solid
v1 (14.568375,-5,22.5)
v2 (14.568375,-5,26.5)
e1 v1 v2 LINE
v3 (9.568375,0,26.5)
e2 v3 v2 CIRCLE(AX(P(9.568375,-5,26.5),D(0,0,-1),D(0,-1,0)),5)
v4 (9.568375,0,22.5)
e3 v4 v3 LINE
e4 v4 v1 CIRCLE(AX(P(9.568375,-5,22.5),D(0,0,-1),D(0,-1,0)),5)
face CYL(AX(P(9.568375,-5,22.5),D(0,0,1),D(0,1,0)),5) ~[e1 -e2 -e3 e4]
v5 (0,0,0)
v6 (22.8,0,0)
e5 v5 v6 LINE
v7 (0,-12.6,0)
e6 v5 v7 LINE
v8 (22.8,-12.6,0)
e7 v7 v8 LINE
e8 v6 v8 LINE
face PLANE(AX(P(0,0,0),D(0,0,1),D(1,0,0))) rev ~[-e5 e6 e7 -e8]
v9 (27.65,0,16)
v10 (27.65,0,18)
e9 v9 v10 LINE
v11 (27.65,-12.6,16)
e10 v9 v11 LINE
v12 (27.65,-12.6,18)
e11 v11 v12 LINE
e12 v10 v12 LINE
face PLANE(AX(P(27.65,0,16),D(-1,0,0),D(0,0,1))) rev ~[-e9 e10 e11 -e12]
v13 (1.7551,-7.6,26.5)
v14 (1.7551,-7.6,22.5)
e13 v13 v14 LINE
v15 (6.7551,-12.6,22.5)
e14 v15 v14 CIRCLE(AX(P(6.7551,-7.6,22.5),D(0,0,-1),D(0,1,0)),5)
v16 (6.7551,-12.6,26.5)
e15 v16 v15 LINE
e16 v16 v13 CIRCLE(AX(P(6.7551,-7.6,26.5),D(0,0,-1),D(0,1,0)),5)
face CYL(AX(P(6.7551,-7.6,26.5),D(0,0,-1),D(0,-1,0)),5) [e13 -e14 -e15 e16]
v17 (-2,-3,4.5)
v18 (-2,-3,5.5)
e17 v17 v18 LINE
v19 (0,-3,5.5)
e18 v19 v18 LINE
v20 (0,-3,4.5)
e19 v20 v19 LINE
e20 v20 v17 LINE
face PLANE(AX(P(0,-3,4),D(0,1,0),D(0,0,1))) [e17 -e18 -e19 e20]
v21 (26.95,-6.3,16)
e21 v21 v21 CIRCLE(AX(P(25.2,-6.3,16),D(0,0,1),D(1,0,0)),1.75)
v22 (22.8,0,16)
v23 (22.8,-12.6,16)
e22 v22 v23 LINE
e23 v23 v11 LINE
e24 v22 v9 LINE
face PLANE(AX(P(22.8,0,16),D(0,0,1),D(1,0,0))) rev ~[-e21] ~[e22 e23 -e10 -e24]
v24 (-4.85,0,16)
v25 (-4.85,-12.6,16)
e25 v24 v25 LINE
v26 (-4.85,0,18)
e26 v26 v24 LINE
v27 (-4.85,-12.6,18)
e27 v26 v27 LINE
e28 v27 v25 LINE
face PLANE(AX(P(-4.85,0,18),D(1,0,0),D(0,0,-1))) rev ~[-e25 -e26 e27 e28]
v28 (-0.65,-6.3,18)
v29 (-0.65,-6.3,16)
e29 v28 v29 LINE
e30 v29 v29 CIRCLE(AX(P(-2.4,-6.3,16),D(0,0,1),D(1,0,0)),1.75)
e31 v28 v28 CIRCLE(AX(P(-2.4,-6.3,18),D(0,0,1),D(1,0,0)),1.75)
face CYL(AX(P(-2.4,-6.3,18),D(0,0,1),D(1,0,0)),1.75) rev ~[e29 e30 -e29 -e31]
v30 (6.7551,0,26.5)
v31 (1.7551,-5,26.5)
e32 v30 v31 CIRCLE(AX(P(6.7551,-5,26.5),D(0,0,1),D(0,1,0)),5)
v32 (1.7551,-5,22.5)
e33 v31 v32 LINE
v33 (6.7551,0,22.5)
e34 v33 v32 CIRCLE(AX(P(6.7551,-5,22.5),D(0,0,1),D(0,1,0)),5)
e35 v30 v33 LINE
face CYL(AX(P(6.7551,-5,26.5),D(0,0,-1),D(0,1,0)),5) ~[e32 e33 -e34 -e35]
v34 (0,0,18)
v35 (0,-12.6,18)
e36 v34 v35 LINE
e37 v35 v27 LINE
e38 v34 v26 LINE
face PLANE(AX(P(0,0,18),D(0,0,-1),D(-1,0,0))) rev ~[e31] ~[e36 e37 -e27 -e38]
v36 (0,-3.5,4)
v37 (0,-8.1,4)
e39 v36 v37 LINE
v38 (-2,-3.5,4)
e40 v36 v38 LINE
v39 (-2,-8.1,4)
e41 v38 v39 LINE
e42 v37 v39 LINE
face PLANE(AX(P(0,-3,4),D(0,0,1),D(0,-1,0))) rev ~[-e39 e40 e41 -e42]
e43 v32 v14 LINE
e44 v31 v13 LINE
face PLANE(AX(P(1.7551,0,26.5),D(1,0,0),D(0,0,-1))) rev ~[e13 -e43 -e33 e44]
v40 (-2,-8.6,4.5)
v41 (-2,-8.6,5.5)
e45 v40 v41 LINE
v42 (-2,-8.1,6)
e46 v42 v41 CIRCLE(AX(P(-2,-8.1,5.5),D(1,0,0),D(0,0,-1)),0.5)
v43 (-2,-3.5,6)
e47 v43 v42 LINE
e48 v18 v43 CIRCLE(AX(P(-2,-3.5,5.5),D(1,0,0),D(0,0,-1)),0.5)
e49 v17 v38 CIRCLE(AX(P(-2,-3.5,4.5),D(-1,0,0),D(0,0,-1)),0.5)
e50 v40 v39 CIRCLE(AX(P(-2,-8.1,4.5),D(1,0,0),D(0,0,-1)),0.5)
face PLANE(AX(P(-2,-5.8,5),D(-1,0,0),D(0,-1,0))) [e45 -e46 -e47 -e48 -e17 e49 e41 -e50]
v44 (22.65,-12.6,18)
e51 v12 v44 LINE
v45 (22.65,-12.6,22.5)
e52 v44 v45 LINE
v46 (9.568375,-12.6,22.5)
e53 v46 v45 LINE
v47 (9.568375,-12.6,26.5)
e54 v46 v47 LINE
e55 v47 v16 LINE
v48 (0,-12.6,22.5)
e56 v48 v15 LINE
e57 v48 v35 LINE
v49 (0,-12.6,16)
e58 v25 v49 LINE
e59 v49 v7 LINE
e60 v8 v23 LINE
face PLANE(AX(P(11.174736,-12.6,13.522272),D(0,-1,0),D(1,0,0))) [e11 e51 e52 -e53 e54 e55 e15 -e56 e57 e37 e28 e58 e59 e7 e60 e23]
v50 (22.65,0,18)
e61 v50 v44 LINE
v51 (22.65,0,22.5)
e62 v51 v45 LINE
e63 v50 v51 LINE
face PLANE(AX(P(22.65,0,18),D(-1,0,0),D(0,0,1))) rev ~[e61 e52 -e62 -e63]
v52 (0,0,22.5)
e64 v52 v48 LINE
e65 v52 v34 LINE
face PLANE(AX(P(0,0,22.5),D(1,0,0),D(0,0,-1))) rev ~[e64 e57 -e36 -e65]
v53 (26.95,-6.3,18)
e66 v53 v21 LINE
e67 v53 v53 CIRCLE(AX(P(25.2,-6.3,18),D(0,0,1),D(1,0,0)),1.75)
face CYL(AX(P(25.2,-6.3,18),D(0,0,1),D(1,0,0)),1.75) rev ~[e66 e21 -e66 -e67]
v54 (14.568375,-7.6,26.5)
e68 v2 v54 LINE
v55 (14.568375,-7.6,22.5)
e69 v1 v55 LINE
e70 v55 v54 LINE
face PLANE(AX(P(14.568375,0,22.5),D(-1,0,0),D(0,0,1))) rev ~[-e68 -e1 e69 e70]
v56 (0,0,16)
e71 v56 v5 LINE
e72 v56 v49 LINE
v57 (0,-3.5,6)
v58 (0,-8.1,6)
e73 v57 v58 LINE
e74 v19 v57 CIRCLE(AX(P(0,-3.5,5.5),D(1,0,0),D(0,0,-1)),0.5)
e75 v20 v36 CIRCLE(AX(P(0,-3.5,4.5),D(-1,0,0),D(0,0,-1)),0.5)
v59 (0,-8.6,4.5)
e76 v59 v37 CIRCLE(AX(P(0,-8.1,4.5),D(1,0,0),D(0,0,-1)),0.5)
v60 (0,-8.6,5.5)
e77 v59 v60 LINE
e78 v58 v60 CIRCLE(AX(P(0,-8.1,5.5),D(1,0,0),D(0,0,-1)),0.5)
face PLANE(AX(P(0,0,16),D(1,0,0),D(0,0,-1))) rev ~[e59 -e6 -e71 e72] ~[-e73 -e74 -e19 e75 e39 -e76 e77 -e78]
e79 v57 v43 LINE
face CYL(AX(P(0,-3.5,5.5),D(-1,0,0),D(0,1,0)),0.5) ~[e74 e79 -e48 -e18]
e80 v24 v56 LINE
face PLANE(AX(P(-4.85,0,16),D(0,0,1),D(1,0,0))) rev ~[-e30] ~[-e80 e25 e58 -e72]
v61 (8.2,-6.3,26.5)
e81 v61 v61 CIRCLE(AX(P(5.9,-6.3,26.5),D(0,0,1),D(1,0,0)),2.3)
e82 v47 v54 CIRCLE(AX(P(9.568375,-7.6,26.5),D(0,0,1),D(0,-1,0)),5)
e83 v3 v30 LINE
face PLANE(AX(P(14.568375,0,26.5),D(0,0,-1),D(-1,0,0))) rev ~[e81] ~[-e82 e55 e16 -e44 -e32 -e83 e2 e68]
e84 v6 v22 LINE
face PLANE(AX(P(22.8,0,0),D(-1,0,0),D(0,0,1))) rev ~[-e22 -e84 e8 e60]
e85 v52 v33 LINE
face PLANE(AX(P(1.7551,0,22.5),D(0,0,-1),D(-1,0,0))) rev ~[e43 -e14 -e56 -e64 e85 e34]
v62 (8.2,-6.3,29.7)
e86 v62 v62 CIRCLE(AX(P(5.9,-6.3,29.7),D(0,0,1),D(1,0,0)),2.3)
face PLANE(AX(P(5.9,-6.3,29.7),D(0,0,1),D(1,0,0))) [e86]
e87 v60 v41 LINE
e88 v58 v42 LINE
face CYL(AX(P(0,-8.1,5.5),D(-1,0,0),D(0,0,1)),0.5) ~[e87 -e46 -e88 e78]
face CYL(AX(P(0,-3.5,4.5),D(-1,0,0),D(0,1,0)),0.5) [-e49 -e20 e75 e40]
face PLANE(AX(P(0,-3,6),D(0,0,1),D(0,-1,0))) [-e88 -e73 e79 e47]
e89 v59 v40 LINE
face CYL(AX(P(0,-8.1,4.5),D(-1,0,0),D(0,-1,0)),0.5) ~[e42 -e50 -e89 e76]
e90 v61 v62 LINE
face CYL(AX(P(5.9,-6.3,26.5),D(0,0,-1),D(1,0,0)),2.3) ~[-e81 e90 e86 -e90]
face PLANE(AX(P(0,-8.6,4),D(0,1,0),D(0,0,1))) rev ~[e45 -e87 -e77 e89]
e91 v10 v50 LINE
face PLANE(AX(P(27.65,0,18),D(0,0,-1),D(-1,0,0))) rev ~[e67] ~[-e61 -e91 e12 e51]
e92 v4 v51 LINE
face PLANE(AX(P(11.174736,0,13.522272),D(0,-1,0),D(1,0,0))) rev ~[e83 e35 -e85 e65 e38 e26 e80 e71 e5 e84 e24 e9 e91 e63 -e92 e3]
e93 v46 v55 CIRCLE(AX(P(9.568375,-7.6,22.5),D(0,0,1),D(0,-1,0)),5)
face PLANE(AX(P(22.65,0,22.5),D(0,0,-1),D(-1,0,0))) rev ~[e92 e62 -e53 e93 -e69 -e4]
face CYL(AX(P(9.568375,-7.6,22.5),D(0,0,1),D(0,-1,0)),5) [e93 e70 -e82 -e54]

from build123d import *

# Parameters (mm, degrees)
F1_DEPTH = 12.6
F2_R     = 1.75
F3_DEPTH = 2
F4_R     = 2.3
F5_DEPTH = 3.2
F6_R     = 5
F7_W     = 5.6
F7_H     = 2
F8_DEPTH = 2
F9_R     = 0.5


with BuildPart() as f1:
    # F0 (on Front) → F1 (new body)
    with BuildSketch(Plane.XZ):
        Polygon((-4.85, 16), (0, 16), (0, 0), (22.8, 0), (22.8, 16), (27.65, 16), (27.65, 18), (22.65, 18), (22.65, 22.5), (14.568375, 22.5), (14.568375, 26.5), (1.7551, 26.5), (1.7551, 22.5), (0, 22.5), (0, 18), (-4.85, 18), align=None)
    extrude(amount=F1_DEPTH)

    # F2 (on face) → F3 (cut, through all)
    with BuildSketch(Plane.XY.offset(18)):
        with Locations((-2.4, -6.3)):
            Circle(F2_R)
        with Locations((25.2, -6.3)):
            Circle(F2_R)
    extrude(amount=-F3_DEPTH, mode=Mode.SUBTRACT)

    # F4 (on face) → F5 (join)
    with BuildSketch(Plane.XY.offset(26.5)):
        with Locations((5.9, -6.3)):
            Circle(F4_R)
    extrude(amount=F5_DEPTH)

    # F6
    f6_edges = [f1.edges().sort_by_distance(p)[0] for p in [
        (14.568375, 0, 24.5),
        (14.568375, -12.6, 24.5),
        (1.7551, -12.6, 24.5),
        (1.7551, 0, 24.5),
    ]]
    fillet(f6_edges, radius=F6_R)

    # F7 (on face) → F8 (join)
    with BuildSketch(Plane(origin=(0, 0, 0), x_dir=(0, -1, 0), z_dir=(-1, 0, 0))):
        with Locations((5.8, 5)):
            Rectangle(F7_W, F7_H)
    extrude(amount=F8_DEPTH)

    # F9
    f9_edges = [f1.edges().sort_by_distance(p)[0] for p in [
        (-1, -8.6, 6),
        (-1, -3, 6),
        (-1, -3, 4),
        (-1, -8.6, 4),
    ]]
    fillet(f9_edges, radius=F9_R)


solid = f1.part
